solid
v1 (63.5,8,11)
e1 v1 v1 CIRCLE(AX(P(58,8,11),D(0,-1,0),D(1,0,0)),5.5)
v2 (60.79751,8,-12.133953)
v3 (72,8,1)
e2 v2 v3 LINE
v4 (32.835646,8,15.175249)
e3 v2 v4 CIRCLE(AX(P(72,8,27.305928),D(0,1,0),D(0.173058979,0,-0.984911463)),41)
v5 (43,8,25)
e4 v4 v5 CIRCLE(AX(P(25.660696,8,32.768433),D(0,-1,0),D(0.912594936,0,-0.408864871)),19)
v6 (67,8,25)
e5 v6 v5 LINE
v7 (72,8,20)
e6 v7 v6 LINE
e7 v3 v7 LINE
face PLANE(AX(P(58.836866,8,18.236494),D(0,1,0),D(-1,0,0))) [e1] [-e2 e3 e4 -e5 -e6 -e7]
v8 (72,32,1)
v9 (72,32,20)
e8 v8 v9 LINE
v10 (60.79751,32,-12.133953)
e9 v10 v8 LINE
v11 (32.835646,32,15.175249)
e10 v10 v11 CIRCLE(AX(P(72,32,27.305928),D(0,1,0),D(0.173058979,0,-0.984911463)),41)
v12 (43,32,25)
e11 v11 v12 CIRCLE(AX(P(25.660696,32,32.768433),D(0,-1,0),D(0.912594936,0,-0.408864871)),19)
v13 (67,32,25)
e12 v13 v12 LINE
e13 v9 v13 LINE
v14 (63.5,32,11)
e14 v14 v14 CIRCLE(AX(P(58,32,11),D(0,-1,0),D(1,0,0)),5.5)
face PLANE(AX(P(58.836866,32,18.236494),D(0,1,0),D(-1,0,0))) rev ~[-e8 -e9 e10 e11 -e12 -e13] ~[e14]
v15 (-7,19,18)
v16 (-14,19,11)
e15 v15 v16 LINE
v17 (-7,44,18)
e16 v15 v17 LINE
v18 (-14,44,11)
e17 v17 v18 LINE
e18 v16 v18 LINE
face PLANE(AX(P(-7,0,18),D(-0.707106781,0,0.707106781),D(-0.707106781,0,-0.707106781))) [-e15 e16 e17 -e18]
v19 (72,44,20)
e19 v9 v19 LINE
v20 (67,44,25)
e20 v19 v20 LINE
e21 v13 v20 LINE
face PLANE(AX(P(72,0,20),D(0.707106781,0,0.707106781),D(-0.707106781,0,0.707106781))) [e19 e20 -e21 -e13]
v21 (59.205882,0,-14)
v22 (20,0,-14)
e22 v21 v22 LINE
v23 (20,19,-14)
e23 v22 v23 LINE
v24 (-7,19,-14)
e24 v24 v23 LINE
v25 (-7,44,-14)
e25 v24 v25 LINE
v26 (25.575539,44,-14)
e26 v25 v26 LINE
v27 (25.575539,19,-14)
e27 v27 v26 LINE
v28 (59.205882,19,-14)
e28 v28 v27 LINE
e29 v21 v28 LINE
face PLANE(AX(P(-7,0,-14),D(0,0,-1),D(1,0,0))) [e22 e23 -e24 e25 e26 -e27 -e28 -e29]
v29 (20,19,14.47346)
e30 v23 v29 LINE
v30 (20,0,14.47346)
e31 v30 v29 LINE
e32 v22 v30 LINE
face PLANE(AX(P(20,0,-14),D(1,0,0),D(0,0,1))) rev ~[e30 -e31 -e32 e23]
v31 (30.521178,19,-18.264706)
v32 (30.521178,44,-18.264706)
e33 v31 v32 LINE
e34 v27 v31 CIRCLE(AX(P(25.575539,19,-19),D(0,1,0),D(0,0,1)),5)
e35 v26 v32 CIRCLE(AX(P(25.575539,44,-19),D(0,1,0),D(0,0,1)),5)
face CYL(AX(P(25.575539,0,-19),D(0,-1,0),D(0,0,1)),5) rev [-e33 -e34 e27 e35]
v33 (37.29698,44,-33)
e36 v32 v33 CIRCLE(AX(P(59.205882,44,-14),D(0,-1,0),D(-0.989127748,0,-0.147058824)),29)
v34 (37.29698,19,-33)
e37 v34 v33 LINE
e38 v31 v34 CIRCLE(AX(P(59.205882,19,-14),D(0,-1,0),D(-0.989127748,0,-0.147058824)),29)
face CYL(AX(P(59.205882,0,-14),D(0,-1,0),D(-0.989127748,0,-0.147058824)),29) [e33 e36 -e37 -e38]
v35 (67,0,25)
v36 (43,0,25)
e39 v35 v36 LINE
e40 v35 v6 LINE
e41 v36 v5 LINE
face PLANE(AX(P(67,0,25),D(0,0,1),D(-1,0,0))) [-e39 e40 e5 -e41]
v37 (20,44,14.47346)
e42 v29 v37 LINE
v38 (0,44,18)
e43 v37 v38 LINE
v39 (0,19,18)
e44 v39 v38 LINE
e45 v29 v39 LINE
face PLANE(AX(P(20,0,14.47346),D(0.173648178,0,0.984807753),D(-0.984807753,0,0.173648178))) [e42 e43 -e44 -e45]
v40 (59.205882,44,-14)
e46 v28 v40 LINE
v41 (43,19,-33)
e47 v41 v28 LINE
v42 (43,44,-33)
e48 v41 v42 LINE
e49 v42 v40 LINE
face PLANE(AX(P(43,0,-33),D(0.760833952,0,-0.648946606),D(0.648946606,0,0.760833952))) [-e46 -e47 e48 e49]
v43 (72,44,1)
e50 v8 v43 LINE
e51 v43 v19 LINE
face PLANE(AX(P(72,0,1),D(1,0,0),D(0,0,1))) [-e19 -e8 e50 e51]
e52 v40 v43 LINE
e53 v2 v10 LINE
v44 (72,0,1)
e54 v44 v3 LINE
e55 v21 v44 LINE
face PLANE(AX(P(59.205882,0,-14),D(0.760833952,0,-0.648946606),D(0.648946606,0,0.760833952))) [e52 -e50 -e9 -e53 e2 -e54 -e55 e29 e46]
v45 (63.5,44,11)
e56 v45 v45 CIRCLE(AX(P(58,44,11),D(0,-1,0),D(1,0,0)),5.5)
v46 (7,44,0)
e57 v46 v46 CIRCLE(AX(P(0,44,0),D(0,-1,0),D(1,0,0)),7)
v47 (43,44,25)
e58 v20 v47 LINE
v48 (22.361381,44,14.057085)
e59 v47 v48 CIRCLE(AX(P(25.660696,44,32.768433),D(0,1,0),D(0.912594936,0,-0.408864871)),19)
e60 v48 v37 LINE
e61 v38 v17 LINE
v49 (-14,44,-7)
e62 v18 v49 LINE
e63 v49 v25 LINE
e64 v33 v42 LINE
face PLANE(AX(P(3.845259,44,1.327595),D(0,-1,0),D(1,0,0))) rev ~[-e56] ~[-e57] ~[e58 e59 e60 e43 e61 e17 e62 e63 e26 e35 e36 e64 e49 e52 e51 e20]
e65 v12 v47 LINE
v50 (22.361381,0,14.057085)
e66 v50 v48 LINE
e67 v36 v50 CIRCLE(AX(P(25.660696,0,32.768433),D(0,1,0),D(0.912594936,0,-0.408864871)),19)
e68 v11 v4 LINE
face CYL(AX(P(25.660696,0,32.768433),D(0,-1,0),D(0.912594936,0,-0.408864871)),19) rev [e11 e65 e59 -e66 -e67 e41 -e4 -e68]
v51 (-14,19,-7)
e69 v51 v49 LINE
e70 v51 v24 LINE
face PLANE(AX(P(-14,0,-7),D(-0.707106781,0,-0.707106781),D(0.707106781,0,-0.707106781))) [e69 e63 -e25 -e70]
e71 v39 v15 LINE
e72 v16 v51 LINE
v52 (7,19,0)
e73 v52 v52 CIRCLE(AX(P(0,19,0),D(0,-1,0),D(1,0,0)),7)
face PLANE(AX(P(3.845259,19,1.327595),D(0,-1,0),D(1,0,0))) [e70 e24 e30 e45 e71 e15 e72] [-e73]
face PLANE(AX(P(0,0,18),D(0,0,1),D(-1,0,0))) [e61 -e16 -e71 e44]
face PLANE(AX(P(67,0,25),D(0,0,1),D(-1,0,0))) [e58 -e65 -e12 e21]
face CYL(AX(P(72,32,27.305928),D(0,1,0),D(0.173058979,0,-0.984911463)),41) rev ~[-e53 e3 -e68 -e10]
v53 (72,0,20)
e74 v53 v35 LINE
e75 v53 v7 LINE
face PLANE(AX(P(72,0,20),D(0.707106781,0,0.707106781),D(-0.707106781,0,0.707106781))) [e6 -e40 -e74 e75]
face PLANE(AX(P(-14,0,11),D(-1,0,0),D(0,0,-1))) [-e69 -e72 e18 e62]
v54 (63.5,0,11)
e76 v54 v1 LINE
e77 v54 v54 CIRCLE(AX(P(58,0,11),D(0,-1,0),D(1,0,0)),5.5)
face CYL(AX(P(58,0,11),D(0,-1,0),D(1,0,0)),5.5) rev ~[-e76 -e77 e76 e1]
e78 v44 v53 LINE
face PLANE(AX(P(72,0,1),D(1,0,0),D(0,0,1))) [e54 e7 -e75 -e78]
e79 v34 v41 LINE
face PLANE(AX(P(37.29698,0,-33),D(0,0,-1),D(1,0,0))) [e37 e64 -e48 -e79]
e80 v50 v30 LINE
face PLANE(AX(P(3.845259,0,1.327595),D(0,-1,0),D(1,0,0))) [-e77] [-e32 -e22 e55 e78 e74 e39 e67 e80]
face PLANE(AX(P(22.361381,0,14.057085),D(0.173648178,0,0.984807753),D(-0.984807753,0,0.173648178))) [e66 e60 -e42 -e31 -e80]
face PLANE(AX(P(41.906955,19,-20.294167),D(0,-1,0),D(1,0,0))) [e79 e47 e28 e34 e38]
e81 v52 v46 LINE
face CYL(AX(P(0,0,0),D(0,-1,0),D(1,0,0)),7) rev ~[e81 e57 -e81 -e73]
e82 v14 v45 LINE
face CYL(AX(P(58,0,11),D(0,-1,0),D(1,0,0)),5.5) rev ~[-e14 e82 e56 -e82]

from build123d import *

# Parameters (mm, degrees)
F0_R     = 7
F0_R_2   = 5.5
F1_DEPTH = 44
F2_DEPTH = 19
F5_DEPTH = 24
F6_DEPTH = 19


with BuildPart() as f1:
    # F0 (on Front) → F1 (new body)
    with BuildSketch(Plane.XZ):
        Polygon((-14, 11), (-14, -7), (-7, -14), (20, -14), (20, 14.4734603858), (0, 18), (-7, 18), align=None)
        Circle(F0_R, mode=Mode.SUBTRACT)
        with BuildLine():
            Line((20, 14.4734603858), (20, -14))
            Line((20, -14), (25.5755389113, -14))
            Line((25.5755389113, -14), (59.2058823529, -14))
            Line((59.2058823529, -14), (72, 1))
            Line((72, 1), (72, 20))
            Line((72, 20), (67, 25))
            Line((67, 25), (43, 25))
            ThreePointArc((43, 25), (34.5610987057, 15.9820441422), (22.3613808358, 14.0570852328))
            Line((22.3613808358, 14.0570852328), (20, 14.4734603858))
        make_face()
        with Locations((58, 11)):
            Circle(F0_R_2, mode=Mode.SUBTRACT)
        with BuildLine():
            Line((59.2058823529, -14), (25.5755389113, -14))
            ThreePointArc((25.5755389113, -14), (28.8407746924, -15.2134137678), (30.5211776528, -18.2647058824))
            ThreePointArc((30.5211776528, -18.2647058824), (32.8580078559, -26.115672061), (37.2969800527, -33))
            Line((37.2969800527, -33), (43, -33))
            Line((43, -33), (59.2058823529, -14))
        make_face()
    extrude(amount=-F1_DEPTH)

    # F0 (on Front) → F2 (cut)
    with BuildSketch(Plane.XZ):
        Polygon((-14, 11), (-14, -7), (-7, -14), (20, -14), (20, 14.4734603858), (0, 18), (-7, 18), align=None)
        Circle(F0_R, mode=Mode.SUBTRACT)
    extrude(amount=-F2_DEPTH, mode=Mode.SUBTRACT)

    # F4 (on offset) → F5 (cut)
    with BuildSketch(Plane(origin=(0, 32, 0), x_dir=(-1, 0, 0), z_dir=(0, 1, 0))):
        with BuildLine():
            Line((-79.095418143, 42.8479425609), (-79.095418143, -13.075442161))
            ThreePointArc((-79.095418143, -13.075442161), (-39.789926782, 1.9384056037), (-34.4063231516, 43.6679405614))
            Line((-34.4063231516, 43.6679405614), (-79.095418143, 42.8479425609))
        make_face()
    extrude(amount=-F5_DEPTH, mode=Mode.SUBTRACT)

    # F0 (on Front) → F6 (cut)
    with BuildSketch(Plane.XZ):
        with BuildLine():
            Line((59.2058823529, -14), (25.5755389113, -14))
            ThreePointArc((25.5755389113, -14), (28.8407746924, -15.2134137678), (30.5211776528, -18.2647058824))
            ThreePointArc((30.5211776528, -18.2647058824), (32.8580078559, -26.115672061), (37.2969800527, -33))
            Line((37.2969800527, -33), (43, -33))
            Line((43, -33), (59.2058823529, -14))
        make_face()
    extrude(amount=-F6_DEPTH, mode=Mode.SUBTRACT)


solid = f1.part
